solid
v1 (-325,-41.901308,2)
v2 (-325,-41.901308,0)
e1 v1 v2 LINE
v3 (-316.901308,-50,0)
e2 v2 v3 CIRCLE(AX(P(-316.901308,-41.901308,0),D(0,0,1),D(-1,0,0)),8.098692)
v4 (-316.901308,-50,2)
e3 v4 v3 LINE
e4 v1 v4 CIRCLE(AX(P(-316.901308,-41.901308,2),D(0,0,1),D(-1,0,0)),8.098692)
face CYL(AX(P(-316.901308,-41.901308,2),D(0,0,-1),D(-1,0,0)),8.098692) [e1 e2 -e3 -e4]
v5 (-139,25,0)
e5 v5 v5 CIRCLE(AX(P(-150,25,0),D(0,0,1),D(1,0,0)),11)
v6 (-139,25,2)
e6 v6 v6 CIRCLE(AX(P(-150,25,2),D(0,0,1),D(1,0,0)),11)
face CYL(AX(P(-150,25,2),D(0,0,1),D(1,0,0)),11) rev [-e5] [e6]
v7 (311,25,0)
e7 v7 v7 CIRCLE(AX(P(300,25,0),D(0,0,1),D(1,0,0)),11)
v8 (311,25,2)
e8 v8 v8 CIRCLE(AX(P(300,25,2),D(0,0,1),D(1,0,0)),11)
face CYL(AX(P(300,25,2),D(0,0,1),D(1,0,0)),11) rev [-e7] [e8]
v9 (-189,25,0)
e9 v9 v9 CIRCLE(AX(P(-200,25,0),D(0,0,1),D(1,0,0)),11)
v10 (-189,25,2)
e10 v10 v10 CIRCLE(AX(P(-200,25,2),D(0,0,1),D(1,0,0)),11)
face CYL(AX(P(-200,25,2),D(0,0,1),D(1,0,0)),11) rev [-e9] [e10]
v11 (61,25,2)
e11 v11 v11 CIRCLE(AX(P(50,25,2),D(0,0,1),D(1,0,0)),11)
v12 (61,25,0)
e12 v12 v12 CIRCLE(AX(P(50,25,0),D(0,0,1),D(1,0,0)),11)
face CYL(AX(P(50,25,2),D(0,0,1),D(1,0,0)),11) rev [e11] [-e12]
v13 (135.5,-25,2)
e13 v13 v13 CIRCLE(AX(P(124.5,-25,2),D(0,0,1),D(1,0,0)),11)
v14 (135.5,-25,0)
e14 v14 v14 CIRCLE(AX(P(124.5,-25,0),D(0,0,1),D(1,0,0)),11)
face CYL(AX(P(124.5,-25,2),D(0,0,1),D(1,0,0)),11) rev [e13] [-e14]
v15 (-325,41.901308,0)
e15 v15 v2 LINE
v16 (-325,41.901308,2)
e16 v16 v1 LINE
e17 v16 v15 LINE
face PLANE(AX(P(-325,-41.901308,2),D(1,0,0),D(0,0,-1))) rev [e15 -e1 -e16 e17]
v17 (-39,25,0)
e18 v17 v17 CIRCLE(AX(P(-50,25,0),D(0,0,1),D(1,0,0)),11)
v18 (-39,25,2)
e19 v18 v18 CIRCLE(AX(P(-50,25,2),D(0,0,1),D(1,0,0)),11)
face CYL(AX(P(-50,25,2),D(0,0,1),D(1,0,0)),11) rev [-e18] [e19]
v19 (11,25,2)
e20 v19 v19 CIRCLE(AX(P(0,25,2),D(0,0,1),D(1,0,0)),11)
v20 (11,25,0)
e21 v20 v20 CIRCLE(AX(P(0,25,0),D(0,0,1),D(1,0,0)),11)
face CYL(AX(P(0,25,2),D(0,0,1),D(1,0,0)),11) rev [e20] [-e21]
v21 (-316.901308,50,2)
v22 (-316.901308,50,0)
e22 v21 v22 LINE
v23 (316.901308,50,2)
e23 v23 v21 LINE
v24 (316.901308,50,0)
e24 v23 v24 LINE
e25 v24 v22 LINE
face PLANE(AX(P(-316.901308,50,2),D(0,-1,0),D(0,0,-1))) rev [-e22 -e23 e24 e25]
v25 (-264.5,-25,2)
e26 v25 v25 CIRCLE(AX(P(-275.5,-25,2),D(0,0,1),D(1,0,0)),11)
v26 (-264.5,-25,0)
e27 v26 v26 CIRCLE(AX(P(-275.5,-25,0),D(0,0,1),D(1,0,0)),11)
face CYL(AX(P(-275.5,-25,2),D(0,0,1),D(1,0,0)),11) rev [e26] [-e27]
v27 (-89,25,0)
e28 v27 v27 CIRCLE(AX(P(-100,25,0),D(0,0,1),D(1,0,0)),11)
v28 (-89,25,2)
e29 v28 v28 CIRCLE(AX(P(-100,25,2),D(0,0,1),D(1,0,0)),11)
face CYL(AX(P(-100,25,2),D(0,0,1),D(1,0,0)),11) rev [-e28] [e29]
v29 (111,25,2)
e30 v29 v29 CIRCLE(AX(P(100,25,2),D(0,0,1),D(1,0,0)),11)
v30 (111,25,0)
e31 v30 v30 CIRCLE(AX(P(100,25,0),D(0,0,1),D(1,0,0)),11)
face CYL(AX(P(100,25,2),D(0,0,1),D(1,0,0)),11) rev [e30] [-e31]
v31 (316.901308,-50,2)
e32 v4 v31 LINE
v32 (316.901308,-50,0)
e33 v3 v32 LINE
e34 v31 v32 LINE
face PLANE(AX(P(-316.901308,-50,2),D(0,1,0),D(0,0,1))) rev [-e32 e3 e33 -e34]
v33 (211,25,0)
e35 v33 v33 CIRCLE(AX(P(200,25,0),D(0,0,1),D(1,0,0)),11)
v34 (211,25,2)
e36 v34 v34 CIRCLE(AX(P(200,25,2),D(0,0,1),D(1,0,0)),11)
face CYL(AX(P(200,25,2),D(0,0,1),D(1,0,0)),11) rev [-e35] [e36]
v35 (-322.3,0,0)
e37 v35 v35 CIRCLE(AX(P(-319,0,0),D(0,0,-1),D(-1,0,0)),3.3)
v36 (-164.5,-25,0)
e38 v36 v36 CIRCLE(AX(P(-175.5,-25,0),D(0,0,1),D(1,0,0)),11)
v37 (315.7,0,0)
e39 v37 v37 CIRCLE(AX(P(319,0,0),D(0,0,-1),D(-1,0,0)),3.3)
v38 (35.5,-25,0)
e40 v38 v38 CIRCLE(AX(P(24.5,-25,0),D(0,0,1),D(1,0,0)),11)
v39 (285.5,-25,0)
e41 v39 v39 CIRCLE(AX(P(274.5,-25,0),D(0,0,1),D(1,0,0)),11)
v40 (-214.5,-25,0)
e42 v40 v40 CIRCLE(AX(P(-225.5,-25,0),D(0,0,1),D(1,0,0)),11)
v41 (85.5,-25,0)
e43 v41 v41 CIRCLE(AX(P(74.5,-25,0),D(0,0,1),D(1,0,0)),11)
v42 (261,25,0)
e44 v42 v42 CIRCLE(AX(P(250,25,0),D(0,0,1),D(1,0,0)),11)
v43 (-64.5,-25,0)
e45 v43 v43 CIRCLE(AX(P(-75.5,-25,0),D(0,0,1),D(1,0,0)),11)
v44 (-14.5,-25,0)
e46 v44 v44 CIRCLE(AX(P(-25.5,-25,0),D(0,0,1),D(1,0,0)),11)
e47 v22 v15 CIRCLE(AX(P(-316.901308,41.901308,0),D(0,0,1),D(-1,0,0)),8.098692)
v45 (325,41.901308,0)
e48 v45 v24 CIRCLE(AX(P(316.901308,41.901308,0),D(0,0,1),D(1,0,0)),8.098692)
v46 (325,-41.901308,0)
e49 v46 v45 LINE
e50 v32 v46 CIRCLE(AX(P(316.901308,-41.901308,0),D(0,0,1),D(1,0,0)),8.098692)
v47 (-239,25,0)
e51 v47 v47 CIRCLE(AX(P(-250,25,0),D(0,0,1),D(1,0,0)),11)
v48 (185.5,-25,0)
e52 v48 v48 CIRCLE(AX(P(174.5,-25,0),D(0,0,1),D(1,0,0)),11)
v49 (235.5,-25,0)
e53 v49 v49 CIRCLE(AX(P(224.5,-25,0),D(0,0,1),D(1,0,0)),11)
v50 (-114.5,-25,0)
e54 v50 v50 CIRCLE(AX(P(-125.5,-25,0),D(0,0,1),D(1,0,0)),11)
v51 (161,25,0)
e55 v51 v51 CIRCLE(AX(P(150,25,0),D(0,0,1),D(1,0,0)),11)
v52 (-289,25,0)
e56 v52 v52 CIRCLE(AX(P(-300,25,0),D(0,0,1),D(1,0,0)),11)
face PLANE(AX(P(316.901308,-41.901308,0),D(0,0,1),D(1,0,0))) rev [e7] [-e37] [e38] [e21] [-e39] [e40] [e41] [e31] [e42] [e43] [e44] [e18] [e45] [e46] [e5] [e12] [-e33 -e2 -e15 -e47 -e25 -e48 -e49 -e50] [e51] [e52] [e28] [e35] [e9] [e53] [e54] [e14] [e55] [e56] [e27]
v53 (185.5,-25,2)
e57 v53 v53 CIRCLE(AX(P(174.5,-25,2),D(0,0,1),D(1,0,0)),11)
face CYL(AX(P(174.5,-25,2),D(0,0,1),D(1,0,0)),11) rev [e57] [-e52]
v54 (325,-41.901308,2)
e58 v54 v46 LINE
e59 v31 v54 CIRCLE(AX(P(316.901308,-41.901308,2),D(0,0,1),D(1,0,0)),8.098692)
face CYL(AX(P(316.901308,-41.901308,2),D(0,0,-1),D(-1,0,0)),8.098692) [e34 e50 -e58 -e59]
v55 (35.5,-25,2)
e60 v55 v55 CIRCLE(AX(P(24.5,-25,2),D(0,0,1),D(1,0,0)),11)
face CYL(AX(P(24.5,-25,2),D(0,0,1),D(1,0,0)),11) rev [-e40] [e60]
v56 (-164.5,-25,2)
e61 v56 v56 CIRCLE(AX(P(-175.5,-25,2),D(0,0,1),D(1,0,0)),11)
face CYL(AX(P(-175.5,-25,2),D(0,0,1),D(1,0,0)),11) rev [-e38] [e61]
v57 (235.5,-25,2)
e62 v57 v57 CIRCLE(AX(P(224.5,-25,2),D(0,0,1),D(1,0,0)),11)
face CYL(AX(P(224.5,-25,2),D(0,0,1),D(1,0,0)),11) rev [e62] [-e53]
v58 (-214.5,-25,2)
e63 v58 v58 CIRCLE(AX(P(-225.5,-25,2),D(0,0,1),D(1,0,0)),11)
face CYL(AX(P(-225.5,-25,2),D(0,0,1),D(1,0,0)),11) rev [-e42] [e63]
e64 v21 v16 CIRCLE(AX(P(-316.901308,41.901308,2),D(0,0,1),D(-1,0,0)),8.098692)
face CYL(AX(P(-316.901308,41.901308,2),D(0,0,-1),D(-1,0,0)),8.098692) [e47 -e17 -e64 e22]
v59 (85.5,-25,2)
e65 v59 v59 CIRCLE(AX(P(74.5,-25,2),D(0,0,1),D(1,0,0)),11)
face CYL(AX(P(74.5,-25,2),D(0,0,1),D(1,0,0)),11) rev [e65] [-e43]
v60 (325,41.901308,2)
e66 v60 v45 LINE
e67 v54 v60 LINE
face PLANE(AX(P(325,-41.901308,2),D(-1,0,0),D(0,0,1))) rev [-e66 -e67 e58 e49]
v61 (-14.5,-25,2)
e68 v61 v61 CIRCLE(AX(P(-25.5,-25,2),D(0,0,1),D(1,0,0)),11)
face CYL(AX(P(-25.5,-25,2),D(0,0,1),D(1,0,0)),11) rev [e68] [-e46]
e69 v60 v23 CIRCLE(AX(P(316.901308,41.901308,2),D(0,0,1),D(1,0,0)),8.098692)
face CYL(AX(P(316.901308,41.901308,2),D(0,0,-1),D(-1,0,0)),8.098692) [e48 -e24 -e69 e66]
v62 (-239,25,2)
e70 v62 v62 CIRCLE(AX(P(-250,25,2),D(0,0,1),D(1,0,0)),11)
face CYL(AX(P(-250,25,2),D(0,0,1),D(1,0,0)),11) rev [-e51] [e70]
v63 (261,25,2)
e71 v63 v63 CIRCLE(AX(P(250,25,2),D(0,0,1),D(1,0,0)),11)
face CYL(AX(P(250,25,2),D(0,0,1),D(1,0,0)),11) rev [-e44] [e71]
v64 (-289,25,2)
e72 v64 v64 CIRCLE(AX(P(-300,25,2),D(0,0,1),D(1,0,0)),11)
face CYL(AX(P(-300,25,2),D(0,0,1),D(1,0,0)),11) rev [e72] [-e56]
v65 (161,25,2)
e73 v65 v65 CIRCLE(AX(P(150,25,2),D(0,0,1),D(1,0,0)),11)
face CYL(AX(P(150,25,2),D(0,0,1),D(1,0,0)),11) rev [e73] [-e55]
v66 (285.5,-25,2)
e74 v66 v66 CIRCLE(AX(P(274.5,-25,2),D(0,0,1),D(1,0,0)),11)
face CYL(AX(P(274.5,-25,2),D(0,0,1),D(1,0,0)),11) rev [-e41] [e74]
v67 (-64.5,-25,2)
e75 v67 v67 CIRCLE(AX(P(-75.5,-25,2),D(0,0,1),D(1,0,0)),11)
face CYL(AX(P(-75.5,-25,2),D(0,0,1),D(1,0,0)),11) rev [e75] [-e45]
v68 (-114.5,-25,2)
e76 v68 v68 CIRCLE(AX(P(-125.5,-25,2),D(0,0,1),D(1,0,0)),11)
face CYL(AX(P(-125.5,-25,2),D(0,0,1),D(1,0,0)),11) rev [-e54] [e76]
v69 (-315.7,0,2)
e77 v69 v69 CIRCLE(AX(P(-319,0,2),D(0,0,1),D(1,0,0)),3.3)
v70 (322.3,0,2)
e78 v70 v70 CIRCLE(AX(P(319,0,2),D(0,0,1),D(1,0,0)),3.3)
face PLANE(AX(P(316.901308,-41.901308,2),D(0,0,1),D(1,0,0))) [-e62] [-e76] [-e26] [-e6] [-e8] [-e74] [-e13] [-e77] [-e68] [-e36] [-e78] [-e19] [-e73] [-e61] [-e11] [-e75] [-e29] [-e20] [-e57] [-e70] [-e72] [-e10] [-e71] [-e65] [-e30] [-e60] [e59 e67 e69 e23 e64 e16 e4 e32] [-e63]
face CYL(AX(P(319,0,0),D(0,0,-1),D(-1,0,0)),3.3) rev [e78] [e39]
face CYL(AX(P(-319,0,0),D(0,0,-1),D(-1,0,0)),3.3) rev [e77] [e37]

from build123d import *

# Parameters (mm, degrees)
BOSS_EXTRUDE1_DEPTH      = 2
SKETCH2_R                = 3
CUT_EXTRUDE2_DEPTH       = 10
LPATTERN1_COUNT          = 13
LPATTERN1_PITCH          = 50
LPATTERN2_COUNT          = 2
LPATTERN2_PITCH          = 50
LPATTERN2_COUNT_DIR2     = 2
LPATTERN2_PITCH_DIR2     = 25.5
M6_CLEARANCE_HOLE2_D     = 6.6
M6_CLEARANCE_HOLE2_DEPTH = 6
M6_CLEARANCE_HOLE2_TIP   = 1.982840043


with BuildPart() as part:
    # Sketch1 → Boss-Extrude1 (new body)
    with BuildSketch(Plane.XY):
        with BuildLine():
            Line((-316.901308233, -50), (316.901308233, -50))
            ThreePointArc((316.901308233, -50), (322.6279481, -47.6279481), (325, -41.901308233))
            Line((325, -41.901308233), (325, 41.901308233))
            ThreePointArc((325, 41.901308233), (322.6279481, 47.6279481), (316.901308233, 50))
            Line((316.901308233, 50), (-316.901308233, 50))
            ThreePointArc((-316.901308233, 50), (-322.6279481, 47.6279481), (-325, 41.901308233))
            Line((-325, 41.901308233), (-325, -41.901308233))
            ThreePointArc((-325, -41.901308233), (-322.6279481, -47.6279481), (-316.901308233, -50))
        make_face()
    extrude(amount=BOSS_EXTRUDE1_DEPTH)

    # Sketch2 → Cut-Extrude2 (cut)
    with BuildSketch(Plane.XY.offset(2)):
        with Locations((300, 25)):
            Circle(SKETCH2_R)
        with Locations((-319, 0)):
            Circle(SKETCH2_R)
        with Locations((319, 0)):
            Circle(SKETCH2_R)
    extrude(amount=-CUT_EXTRUDE2_DEPTH, mode=Mode.SUBTRACT)

    # Sketch5 → M20 Clearance Hole2 (revolve, cut)
    with BuildSketch(Plane(origin=(300, 25, 2), x_dir=(0, -1, 0), z_dir=(1, 0, 0))):
        Polygon((0, 0), (0, 12.609466809), (11, 6), (11, 0), align=None)
    m20_clearance_hole2 = revolve(axis=Axis((300, 25, 8.35), (0, 0, -1)), mode=Mode.SUBTRACT)

    # LPattern1: M20 Clearance Hole2 ×13
    with Locations(*[(-i * LPATTERN1_PITCH, 0, 0) for i in range(1, LPATTERN1_COUNT)]):
        add(m20_clearance_hole2, mode=Mode.SUBTRACT)

    # LPattern2: M20 Clearance Hole2 2 × 2, 2 skipped
    with Locations(*[(-j * LPATTERN2_PITCH_DIR2, -i * LPATTERN2_PITCH, 0) for i in range(LPATTERN2_COUNT) for j in range(LPATTERN2_COUNT_DIR2) if (i, j) not in ((0, 0), (0, 1), (1, 0))]):
        add(m20_clearance_hole2, mode=Mode.SUBTRACT)

    # LPattern3 copy 1 sketch → LPattern3 copy 1 (revolve, cut)
    with BuildSketch(Plane(origin=(224.5, -25, 2), x_dir=(0, -1, 0), z_dir=(1, 0, 0))):
        Polygon((0, 0), (0, 12.609466809), (11, 6), (11, 0), align=None)
    revolve(axis=Axis((224.5, -25, 8.35), (0, 0, -1)), mode=Mode.SUBTRACT)

    # LPattern3 copy 2 sketch → LPattern3 copy 2 (revolve, cut)
    with BuildSketch(Plane(origin=(174.5, -25, 2), x_dir=(0, -1, 0), z_dir=(1, 0, 0))):
        Polygon((0, 0), (0, 12.609466809), (11, 6), (11, 0), align=None)
    revolve(axis=Axis((174.5, -25, 8.35), (0, 0, -1)), mode=Mode.SUBTRACT)

    # LPattern3 copy 3 sketch → LPattern3 copy 3 (revolve, cut)
    with BuildSketch(Plane(origin=(124.5, -25, 2), x_dir=(0, -1, 0), z_dir=(1, 0, 0))):
        Polygon((0, 0), (0, 12.609466809), (11, 6), (11, 0), align=None)
    revolve(axis=Axis((124.5, -25, 8.35), (0, 0, -1)), mode=Mode.SUBTRACT)

    # LPattern3 copy 4 sketch → LPattern3 copy 4 (revolve, cut)
    with BuildSketch(Plane(origin=(74.5, -25, 2), x_dir=(0, -1, 0), z_dir=(1, 0, 0))):
        Polygon((0, 0), (0, 12.609466809), (11, 6), (11, 0), align=None)
    revolve(axis=Axis((74.5, -25, 8.35), (0, 0, -1)), mode=Mode.SUBTRACT)

    # LPattern3 copy 5 sketch → LPattern3 copy 5 (revolve, cut)
    with BuildSketch(Plane(origin=(24.5, -25, 2), x_dir=(0, -1, 0), z_dir=(1, 0, 0))):
        Polygon((0, 0), (0, 12.609466809), (11, 6), (11, 0), align=None)
    revolve(axis=Axis((24.5, -25, 8.35), (0, 0, -1)), mode=Mode.SUBTRACT)

    # LPattern3 copy 6 sketch → LPattern3 copy 6 (revolve, cut)
    with BuildSketch(Plane(origin=(-25.5, -25, 2), x_dir=(0, -1, 0), z_dir=(1, 0, 0))):
        Polygon((0, 0), (0, 12.609466809), (11, 6), (11, 0), align=None)
    revolve(axis=Axis((-25.5, -25, 8.35), (0, 0, -1)), mode=Mode.SUBTRACT)

    # LPattern3 copy 7 sketch → LPattern3 copy 7 (revolve, cut)
    with BuildSketch(Plane(origin=(-75.5, -25, 2), x_dir=(0, -1, 0), z_dir=(1, 0, 0))):
        Polygon((0, 0), (0, 12.609466809), (11, 6), (11, 0), align=None)
    revolve(axis=Axis((-75.5, -25, 8.35), (0, 0, -1)), mode=Mode.SUBTRACT)

    # LPattern3 copy 8 sketch → LPattern3 copy 8 (revolve, cut)
    with BuildSketch(Plane(origin=(-125.5, -25, 2), x_dir=(0, -1, 0), z_dir=(1, 0, 0))):
        Polygon((0, 0), (0, 12.609466809), (11, 6), (11, 0), align=None)
    revolve(axis=Axis((-125.5, -25, 8.35), (0, 0, -1)), mode=Mode.SUBTRACT)

    # LPattern3 copy 9 sketch → LPattern3 copy 9 (revolve, cut)
    with BuildSketch(Plane(origin=(-175.5, -25, 2), x_dir=(0, -1, 0), z_dir=(1, 0, 0))):
        Polygon((0, 0), (0, 12.609466809), (11, 6), (11, 0), align=None)
    revolve(axis=Axis((-175.5, -25, 8.35), (0, 0, -1)), mode=Mode.SUBTRACT)

    # LPattern3 copy 10 sketch → LPattern3 copy 10 (revolve, cut)
    with BuildSketch(Plane(origin=(-225.5, -25, 2), x_dir=(0, -1, 0), z_dir=(1, 0, 0))):
        Polygon((0, 0), (0, 12.609466809), (11, 6), (11, 0), align=None)
    revolve(axis=Axis((-225.5, -25, 8.35), (0, 0, -1)), mode=Mode.SUBTRACT)

    # LPattern3 copy 11 sketch → LPattern3 copy 11 (revolve, cut)
    with BuildSketch(Plane(origin=(-275.5, -25, 2), x_dir=(0, -1, 0), z_dir=(1, 0, 0))):
        Polygon((0, 0), (0, 12.609466809), (11, 6), (11, 0), align=None)
    revolve(axis=Axis((-275.5, -25, 8.35), (0, 0, -1)), mode=Mode.SUBTRACT)

    # LPattern3 copy 12 sketch → LPattern3 copy 12 (revolve, cut)
    with BuildSketch(Plane(origin=(250, 25, 2), x_dir=(0, -1, 0), z_dir=(1, 0, 0))):
        Polygon((0, 0), (0, 12.609466809), (11, 6), (11, 0), align=None)
    revolve(axis=Axis((250, 25, 8.35), (0, 0, -1)), mode=Mode.SUBTRACT)

    # LPattern3 copy 13 sketch → LPattern3 copy 13 (revolve, cut)
    with BuildSketch(Plane(origin=(200, 25, 2), x_dir=(0, -1, 0), z_dir=(1, 0, 0))):
        Polygon((0, 0), (0, 12.609466809), (11, 6), (11, 0), align=None)
    revolve(axis=Axis((200, 25, 8.35), (0, 0, -1)), mode=Mode.SUBTRACT)

    # LPattern3 copy 14 sketch → LPattern3 copy 14 (revolve, cut)
    with BuildSketch(Plane(origin=(150, 25, 2), x_dir=(0, -1, 0), z_dir=(1, 0, 0))):
        Polygon((0, 0), (0, 12.609466809), (11, 6), (11, 0), align=None)
    revolve(axis=Axis((150, 25, 8.35), (0, 0, -1)), mode=Mode.SUBTRACT)

    # LPattern3 copy 15 sketch → LPattern3 copy 15 (revolve, cut)
    with BuildSketch(Plane(origin=(100, 25, 2), x_dir=(0, -1, 0), z_dir=(1, 0, 0))):
        Polygon((0, 0), (0, 12.609466809), (11, 6), (11, 0), align=None)
    revolve(axis=Axis((100, 25, 8.35), (0, 0, -1)), mode=Mode.SUBTRACT)

    # LPattern3 copy 16 sketch → LPattern3 copy 16 (revolve, cut)
    with BuildSketch(Plane(origin=(50, 25, 2), x_dir=(0, -1, 0), z_dir=(1, 0, 0))):
        Polygon((0, 0), (0, 12.609466809), (11, 6), (11, 0), align=None)
    revolve(axis=Axis((50, 25, 8.35), (0, 0, -1)), mode=Mode.SUBTRACT)

    # LPattern3 copy 17 sketch → LPattern3 copy 17 (revolve, cut)
    with BuildSketch(Plane(origin=(0, 25, 2), x_dir=(0, -1, 0), z_dir=(1, 0, 0))):
        Polygon((0, 0), (0, 12.609466809), (11, 6), (11, 0), align=None)
    revolve(axis=Axis((0, 25, 8.35), (0, 0, -1)), mode=Mode.SUBTRACT)

    # LPattern3 copy 18 sketch → LPattern3 copy 18 (revolve, cut)
    with BuildSketch(Plane(origin=(-50, 25, 2), x_dir=(0, -1, 0), z_dir=(1, 0, 0))):
        Polygon((0, 0), (0, 12.609466809), (11, 6), (11, 0), align=None)
    revolve(axis=Axis((-50, 25, 8.35), (0, 0, -1)), mode=Mode.SUBTRACT)

    # LPattern3 copy 19 sketch → LPattern3 copy 19 (revolve, cut)
    with BuildSketch(Plane(origin=(-100, 25, 2), x_dir=(0, -1, 0), z_dir=(1, 0, 0))):
        Polygon((0, 0), (0, 12.609466809), (11, 6), (11, 0), align=None)
    revolve(axis=Axis((-100, 25, 8.35), (0, 0, -1)), mode=Mode.SUBTRACT)

    # LPattern3 copy 20 sketch → LPattern3 copy 20 (revolve, cut)
    with BuildSketch(Plane(origin=(-150, 25, 2), x_dir=(0, -1, 0), z_dir=(1, 0, 0))):
        Polygon((0, 0), (0, 12.609466809), (11, 6), (11, 0), align=None)
    revolve(axis=Axis((-150, 25, 8.35), (0, 0, -1)), mode=Mode.SUBTRACT)

    # LPattern3 copy 21 sketch → LPattern3 copy 21 (revolve, cut)
    with BuildSketch(Plane(origin=(-200, 25, 2), x_dir=(0, -1, 0), z_dir=(1, 0, 0))):
        Polygon((0, 0), (0, 12.609466809), (11, 6), (11, 0), align=None)
    revolve(axis=Axis((-200, 25, 8.35), (0, 0, -1)), mode=Mode.SUBTRACT)

    # LPattern3 copy 22 sketch → LPattern3 copy 22 (revolve, cut)
    with BuildSketch(Plane(origin=(-250, 25, 2), x_dir=(0, -1, 0), z_dir=(1, 0, 0))):
        Polygon((0, 0), (0, 12.609466809), (11, 6), (11, 0), align=None)
    revolve(axis=Axis((-250, 25, 8.35), (0, 0, -1)), mode=Mode.SUBTRACT)

    # M6 Clearance Hole2
    with Locations(Plane(origin=(0, 0, 0), x_dir=(-1, 0, 0), z_dir=(0, 0, -1))):
        with Locations((319, 0), (-319, 0)):
            Hole(M6_CLEARANCE_HOLE2_D / 2, depth=M6_CLEARANCE_HOLE2_DEPTH)
            with Locations((0, 0, -(M6_CLEARANCE_HOLE2_DEPTH + M6_CLEARANCE_HOLE2_TIP / 2))):  # 118° drill point
                Cone(0, M6_CLEARANCE_HOLE2_D / 2, M6_CLEARANCE_HOLE2_TIP, mode=Mode.SUBTRACT)


solid = part.part
